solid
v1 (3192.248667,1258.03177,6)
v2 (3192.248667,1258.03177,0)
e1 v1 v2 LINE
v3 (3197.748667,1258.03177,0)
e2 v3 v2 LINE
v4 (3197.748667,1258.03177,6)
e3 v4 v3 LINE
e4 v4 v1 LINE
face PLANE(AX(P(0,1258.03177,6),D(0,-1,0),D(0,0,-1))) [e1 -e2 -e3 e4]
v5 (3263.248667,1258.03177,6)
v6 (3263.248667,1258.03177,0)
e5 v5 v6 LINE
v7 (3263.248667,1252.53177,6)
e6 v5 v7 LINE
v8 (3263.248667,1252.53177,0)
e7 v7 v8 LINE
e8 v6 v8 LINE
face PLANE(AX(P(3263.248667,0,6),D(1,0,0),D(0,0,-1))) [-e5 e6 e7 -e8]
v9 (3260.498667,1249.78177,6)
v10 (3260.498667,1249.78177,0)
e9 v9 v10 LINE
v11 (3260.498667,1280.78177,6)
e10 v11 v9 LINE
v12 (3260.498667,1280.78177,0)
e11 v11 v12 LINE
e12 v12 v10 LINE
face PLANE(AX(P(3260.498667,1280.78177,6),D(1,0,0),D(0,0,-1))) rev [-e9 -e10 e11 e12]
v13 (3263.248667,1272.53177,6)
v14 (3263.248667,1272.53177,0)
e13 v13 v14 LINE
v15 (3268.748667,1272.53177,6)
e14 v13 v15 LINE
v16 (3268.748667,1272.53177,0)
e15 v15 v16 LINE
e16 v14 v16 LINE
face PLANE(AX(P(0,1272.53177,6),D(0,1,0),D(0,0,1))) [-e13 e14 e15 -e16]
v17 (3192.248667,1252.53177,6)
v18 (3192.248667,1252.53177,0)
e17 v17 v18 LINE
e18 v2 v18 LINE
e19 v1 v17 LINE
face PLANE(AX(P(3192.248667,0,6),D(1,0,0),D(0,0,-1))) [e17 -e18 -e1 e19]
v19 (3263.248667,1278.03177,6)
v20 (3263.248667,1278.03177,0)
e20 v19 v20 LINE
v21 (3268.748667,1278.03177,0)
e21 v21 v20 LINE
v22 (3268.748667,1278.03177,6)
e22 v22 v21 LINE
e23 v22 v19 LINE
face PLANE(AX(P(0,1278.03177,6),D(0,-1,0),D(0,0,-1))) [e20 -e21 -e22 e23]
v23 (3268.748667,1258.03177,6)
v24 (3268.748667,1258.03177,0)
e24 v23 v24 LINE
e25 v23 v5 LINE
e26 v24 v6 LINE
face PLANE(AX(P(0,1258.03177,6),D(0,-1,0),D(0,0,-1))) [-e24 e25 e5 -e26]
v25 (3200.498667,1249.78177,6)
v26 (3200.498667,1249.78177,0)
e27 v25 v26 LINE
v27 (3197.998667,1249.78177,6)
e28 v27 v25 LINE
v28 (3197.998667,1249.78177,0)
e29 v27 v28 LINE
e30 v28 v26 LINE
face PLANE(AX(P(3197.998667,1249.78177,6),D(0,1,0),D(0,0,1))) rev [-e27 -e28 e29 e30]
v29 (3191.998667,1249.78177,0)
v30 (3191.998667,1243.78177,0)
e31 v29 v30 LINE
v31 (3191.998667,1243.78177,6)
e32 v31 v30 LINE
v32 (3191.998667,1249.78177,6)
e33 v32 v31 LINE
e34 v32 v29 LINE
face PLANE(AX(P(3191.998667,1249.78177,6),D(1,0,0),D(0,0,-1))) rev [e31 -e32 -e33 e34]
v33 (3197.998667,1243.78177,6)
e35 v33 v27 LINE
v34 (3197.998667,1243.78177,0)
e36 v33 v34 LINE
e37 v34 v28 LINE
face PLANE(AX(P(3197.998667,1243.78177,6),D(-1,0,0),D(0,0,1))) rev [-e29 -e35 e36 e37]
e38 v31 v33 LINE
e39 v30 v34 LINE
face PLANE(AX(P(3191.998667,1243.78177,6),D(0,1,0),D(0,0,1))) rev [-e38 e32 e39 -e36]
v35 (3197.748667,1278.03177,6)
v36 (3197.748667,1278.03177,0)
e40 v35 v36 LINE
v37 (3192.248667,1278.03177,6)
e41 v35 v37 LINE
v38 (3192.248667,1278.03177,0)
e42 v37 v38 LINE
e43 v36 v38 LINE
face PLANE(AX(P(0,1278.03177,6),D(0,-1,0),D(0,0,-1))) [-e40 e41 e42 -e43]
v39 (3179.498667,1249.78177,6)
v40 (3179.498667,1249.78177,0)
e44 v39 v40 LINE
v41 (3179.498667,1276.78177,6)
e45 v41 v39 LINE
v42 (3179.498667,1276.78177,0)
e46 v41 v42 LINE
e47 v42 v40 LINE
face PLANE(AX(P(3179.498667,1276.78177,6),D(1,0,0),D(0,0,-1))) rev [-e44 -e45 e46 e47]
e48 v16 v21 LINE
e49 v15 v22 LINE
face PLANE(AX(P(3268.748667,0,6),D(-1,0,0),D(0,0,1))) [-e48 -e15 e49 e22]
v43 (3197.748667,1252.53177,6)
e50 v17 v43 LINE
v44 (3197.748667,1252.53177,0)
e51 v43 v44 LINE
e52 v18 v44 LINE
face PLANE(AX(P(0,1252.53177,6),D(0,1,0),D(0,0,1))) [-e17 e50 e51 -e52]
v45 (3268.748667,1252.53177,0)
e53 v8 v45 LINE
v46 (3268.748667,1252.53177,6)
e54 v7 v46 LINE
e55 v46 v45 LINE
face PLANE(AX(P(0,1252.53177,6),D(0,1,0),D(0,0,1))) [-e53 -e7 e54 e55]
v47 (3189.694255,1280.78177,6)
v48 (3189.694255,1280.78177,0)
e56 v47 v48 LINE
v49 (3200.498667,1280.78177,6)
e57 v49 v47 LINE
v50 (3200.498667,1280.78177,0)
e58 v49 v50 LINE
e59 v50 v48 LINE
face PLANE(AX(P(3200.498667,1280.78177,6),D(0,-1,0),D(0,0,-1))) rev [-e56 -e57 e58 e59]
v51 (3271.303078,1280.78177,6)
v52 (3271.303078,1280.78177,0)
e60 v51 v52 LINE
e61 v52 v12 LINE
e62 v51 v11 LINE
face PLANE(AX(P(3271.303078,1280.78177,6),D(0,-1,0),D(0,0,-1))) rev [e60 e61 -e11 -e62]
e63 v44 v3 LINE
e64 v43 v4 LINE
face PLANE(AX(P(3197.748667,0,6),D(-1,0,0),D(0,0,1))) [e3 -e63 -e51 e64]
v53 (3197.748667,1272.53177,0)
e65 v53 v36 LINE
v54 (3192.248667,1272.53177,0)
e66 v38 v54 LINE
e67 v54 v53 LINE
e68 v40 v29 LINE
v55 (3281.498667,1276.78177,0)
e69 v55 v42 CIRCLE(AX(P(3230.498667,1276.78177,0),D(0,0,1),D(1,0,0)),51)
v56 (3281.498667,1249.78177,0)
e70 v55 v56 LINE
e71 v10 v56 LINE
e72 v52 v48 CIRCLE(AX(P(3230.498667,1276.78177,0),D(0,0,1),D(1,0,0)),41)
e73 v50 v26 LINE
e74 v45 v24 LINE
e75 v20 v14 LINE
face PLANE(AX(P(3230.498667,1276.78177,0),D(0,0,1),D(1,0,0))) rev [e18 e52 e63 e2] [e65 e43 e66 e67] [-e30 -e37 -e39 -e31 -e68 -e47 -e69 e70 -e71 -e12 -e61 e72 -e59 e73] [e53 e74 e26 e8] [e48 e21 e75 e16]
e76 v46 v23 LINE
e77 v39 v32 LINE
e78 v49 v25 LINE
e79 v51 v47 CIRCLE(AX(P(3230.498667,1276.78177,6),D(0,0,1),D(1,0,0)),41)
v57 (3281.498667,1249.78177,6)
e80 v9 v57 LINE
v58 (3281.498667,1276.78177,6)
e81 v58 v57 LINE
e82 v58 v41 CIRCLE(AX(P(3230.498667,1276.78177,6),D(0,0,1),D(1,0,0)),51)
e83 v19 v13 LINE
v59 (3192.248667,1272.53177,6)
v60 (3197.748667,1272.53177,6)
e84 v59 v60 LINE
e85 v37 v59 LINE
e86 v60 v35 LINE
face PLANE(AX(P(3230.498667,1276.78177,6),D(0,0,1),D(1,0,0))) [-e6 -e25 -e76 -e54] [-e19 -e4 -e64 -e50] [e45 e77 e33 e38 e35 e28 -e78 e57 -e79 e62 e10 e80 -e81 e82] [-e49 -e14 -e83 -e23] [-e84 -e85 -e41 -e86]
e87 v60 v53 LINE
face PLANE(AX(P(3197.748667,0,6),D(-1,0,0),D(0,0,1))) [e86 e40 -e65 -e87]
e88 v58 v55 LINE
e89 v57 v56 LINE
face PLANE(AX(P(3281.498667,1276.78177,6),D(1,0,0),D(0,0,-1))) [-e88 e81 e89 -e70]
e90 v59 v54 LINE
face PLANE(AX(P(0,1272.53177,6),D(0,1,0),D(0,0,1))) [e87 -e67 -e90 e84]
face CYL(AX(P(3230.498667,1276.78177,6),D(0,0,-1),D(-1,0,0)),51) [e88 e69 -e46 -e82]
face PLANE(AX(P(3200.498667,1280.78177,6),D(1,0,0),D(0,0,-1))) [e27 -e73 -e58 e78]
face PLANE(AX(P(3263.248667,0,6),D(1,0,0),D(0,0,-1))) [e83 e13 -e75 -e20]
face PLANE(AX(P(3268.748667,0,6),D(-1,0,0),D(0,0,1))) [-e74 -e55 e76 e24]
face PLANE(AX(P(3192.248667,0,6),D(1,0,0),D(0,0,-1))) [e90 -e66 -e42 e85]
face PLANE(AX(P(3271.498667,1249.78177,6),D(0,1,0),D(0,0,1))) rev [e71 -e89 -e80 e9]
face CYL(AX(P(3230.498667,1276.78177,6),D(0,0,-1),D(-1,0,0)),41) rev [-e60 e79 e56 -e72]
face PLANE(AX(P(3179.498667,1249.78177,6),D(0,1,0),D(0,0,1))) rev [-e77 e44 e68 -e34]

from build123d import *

# Parameters (mm, degrees)
MODEL_W             = 5.5
MODEL_H             = 5.5
BOSS_EXTRUDE1_DEPTH = 6


with BuildPart() as part:
    # Model → Boss-Extrude1 (new body)
    with BuildSketch(Plane.XY):
        with BuildLine():
            Line((3179.498666669, 1276.781770146), (3179.498666669, 1249.781770146))
            Line((3179.498666669, 1249.781770146), (3191.998666669, 1249.781770146))
            Line((3191.998666669, 1249.781770146), (3191.998666669, 1243.781770146))
            Line((3191.998666669, 1243.781770146), (3197.998666669, 1243.781770146))
            Line((3197.998666669, 1243.781770146), (3197.998666669, 1249.781770146))
            Line((3197.998666669, 1249.781770146), (3200.498666669, 1249.781770146))
            Line((3200.498666669, 1249.781770146), (3200.498666669, 1280.781770146))
            Line((3200.498666669, 1280.781770146), (3189.694255143, 1280.781770146))
            ThreePointArc((3189.694255143, 1280.781770146), (3230.498666669, 1317.781770146), (3271.303078196, 1280.781770146))
            Line((3271.303078196, 1280.781770146), (3260.498666669, 1280.781770146))
            Line((3260.498666669, 1280.781770146), (3260.498666669, 1249.781770146))
            Line((3260.498666669, 1249.781770146), (3271.498666669, 1249.781770146))
            Line((3271.498666669, 1249.781770146), (3281.498666669, 1249.781770146))
            Line((3281.498666669, 1249.781770146), (3281.498666669, 1276.781770146))
            ThreePointArc((3281.498666669, 1276.781770146), (3230.498666669, 1327.781770146), (3179.498666669, 1276.781770146))
        make_face()
        with Locations((3265.998666669, 1255.281770146)):
            Rectangle(MODEL_W, MODEL_H, mode=Mode.SUBTRACT)
        with Locations((3265.998666669, 1275.281770146)):
            Rectangle(MODEL_W, MODEL_H, mode=Mode.SUBTRACT)
        with Locations((3194.998666669, 1255.281770146)):
            Rectangle(MODEL_W, MODEL_H, mode=Mode.SUBTRACT)
        with Locations((3194.998666669, 1275.281770146)):
            Rectangle(MODEL_W, MODEL_H, mode=Mode.SUBTRACT)
    extrude(amount=BOSS_EXTRUDE1_DEPTH)


solid = part.part
